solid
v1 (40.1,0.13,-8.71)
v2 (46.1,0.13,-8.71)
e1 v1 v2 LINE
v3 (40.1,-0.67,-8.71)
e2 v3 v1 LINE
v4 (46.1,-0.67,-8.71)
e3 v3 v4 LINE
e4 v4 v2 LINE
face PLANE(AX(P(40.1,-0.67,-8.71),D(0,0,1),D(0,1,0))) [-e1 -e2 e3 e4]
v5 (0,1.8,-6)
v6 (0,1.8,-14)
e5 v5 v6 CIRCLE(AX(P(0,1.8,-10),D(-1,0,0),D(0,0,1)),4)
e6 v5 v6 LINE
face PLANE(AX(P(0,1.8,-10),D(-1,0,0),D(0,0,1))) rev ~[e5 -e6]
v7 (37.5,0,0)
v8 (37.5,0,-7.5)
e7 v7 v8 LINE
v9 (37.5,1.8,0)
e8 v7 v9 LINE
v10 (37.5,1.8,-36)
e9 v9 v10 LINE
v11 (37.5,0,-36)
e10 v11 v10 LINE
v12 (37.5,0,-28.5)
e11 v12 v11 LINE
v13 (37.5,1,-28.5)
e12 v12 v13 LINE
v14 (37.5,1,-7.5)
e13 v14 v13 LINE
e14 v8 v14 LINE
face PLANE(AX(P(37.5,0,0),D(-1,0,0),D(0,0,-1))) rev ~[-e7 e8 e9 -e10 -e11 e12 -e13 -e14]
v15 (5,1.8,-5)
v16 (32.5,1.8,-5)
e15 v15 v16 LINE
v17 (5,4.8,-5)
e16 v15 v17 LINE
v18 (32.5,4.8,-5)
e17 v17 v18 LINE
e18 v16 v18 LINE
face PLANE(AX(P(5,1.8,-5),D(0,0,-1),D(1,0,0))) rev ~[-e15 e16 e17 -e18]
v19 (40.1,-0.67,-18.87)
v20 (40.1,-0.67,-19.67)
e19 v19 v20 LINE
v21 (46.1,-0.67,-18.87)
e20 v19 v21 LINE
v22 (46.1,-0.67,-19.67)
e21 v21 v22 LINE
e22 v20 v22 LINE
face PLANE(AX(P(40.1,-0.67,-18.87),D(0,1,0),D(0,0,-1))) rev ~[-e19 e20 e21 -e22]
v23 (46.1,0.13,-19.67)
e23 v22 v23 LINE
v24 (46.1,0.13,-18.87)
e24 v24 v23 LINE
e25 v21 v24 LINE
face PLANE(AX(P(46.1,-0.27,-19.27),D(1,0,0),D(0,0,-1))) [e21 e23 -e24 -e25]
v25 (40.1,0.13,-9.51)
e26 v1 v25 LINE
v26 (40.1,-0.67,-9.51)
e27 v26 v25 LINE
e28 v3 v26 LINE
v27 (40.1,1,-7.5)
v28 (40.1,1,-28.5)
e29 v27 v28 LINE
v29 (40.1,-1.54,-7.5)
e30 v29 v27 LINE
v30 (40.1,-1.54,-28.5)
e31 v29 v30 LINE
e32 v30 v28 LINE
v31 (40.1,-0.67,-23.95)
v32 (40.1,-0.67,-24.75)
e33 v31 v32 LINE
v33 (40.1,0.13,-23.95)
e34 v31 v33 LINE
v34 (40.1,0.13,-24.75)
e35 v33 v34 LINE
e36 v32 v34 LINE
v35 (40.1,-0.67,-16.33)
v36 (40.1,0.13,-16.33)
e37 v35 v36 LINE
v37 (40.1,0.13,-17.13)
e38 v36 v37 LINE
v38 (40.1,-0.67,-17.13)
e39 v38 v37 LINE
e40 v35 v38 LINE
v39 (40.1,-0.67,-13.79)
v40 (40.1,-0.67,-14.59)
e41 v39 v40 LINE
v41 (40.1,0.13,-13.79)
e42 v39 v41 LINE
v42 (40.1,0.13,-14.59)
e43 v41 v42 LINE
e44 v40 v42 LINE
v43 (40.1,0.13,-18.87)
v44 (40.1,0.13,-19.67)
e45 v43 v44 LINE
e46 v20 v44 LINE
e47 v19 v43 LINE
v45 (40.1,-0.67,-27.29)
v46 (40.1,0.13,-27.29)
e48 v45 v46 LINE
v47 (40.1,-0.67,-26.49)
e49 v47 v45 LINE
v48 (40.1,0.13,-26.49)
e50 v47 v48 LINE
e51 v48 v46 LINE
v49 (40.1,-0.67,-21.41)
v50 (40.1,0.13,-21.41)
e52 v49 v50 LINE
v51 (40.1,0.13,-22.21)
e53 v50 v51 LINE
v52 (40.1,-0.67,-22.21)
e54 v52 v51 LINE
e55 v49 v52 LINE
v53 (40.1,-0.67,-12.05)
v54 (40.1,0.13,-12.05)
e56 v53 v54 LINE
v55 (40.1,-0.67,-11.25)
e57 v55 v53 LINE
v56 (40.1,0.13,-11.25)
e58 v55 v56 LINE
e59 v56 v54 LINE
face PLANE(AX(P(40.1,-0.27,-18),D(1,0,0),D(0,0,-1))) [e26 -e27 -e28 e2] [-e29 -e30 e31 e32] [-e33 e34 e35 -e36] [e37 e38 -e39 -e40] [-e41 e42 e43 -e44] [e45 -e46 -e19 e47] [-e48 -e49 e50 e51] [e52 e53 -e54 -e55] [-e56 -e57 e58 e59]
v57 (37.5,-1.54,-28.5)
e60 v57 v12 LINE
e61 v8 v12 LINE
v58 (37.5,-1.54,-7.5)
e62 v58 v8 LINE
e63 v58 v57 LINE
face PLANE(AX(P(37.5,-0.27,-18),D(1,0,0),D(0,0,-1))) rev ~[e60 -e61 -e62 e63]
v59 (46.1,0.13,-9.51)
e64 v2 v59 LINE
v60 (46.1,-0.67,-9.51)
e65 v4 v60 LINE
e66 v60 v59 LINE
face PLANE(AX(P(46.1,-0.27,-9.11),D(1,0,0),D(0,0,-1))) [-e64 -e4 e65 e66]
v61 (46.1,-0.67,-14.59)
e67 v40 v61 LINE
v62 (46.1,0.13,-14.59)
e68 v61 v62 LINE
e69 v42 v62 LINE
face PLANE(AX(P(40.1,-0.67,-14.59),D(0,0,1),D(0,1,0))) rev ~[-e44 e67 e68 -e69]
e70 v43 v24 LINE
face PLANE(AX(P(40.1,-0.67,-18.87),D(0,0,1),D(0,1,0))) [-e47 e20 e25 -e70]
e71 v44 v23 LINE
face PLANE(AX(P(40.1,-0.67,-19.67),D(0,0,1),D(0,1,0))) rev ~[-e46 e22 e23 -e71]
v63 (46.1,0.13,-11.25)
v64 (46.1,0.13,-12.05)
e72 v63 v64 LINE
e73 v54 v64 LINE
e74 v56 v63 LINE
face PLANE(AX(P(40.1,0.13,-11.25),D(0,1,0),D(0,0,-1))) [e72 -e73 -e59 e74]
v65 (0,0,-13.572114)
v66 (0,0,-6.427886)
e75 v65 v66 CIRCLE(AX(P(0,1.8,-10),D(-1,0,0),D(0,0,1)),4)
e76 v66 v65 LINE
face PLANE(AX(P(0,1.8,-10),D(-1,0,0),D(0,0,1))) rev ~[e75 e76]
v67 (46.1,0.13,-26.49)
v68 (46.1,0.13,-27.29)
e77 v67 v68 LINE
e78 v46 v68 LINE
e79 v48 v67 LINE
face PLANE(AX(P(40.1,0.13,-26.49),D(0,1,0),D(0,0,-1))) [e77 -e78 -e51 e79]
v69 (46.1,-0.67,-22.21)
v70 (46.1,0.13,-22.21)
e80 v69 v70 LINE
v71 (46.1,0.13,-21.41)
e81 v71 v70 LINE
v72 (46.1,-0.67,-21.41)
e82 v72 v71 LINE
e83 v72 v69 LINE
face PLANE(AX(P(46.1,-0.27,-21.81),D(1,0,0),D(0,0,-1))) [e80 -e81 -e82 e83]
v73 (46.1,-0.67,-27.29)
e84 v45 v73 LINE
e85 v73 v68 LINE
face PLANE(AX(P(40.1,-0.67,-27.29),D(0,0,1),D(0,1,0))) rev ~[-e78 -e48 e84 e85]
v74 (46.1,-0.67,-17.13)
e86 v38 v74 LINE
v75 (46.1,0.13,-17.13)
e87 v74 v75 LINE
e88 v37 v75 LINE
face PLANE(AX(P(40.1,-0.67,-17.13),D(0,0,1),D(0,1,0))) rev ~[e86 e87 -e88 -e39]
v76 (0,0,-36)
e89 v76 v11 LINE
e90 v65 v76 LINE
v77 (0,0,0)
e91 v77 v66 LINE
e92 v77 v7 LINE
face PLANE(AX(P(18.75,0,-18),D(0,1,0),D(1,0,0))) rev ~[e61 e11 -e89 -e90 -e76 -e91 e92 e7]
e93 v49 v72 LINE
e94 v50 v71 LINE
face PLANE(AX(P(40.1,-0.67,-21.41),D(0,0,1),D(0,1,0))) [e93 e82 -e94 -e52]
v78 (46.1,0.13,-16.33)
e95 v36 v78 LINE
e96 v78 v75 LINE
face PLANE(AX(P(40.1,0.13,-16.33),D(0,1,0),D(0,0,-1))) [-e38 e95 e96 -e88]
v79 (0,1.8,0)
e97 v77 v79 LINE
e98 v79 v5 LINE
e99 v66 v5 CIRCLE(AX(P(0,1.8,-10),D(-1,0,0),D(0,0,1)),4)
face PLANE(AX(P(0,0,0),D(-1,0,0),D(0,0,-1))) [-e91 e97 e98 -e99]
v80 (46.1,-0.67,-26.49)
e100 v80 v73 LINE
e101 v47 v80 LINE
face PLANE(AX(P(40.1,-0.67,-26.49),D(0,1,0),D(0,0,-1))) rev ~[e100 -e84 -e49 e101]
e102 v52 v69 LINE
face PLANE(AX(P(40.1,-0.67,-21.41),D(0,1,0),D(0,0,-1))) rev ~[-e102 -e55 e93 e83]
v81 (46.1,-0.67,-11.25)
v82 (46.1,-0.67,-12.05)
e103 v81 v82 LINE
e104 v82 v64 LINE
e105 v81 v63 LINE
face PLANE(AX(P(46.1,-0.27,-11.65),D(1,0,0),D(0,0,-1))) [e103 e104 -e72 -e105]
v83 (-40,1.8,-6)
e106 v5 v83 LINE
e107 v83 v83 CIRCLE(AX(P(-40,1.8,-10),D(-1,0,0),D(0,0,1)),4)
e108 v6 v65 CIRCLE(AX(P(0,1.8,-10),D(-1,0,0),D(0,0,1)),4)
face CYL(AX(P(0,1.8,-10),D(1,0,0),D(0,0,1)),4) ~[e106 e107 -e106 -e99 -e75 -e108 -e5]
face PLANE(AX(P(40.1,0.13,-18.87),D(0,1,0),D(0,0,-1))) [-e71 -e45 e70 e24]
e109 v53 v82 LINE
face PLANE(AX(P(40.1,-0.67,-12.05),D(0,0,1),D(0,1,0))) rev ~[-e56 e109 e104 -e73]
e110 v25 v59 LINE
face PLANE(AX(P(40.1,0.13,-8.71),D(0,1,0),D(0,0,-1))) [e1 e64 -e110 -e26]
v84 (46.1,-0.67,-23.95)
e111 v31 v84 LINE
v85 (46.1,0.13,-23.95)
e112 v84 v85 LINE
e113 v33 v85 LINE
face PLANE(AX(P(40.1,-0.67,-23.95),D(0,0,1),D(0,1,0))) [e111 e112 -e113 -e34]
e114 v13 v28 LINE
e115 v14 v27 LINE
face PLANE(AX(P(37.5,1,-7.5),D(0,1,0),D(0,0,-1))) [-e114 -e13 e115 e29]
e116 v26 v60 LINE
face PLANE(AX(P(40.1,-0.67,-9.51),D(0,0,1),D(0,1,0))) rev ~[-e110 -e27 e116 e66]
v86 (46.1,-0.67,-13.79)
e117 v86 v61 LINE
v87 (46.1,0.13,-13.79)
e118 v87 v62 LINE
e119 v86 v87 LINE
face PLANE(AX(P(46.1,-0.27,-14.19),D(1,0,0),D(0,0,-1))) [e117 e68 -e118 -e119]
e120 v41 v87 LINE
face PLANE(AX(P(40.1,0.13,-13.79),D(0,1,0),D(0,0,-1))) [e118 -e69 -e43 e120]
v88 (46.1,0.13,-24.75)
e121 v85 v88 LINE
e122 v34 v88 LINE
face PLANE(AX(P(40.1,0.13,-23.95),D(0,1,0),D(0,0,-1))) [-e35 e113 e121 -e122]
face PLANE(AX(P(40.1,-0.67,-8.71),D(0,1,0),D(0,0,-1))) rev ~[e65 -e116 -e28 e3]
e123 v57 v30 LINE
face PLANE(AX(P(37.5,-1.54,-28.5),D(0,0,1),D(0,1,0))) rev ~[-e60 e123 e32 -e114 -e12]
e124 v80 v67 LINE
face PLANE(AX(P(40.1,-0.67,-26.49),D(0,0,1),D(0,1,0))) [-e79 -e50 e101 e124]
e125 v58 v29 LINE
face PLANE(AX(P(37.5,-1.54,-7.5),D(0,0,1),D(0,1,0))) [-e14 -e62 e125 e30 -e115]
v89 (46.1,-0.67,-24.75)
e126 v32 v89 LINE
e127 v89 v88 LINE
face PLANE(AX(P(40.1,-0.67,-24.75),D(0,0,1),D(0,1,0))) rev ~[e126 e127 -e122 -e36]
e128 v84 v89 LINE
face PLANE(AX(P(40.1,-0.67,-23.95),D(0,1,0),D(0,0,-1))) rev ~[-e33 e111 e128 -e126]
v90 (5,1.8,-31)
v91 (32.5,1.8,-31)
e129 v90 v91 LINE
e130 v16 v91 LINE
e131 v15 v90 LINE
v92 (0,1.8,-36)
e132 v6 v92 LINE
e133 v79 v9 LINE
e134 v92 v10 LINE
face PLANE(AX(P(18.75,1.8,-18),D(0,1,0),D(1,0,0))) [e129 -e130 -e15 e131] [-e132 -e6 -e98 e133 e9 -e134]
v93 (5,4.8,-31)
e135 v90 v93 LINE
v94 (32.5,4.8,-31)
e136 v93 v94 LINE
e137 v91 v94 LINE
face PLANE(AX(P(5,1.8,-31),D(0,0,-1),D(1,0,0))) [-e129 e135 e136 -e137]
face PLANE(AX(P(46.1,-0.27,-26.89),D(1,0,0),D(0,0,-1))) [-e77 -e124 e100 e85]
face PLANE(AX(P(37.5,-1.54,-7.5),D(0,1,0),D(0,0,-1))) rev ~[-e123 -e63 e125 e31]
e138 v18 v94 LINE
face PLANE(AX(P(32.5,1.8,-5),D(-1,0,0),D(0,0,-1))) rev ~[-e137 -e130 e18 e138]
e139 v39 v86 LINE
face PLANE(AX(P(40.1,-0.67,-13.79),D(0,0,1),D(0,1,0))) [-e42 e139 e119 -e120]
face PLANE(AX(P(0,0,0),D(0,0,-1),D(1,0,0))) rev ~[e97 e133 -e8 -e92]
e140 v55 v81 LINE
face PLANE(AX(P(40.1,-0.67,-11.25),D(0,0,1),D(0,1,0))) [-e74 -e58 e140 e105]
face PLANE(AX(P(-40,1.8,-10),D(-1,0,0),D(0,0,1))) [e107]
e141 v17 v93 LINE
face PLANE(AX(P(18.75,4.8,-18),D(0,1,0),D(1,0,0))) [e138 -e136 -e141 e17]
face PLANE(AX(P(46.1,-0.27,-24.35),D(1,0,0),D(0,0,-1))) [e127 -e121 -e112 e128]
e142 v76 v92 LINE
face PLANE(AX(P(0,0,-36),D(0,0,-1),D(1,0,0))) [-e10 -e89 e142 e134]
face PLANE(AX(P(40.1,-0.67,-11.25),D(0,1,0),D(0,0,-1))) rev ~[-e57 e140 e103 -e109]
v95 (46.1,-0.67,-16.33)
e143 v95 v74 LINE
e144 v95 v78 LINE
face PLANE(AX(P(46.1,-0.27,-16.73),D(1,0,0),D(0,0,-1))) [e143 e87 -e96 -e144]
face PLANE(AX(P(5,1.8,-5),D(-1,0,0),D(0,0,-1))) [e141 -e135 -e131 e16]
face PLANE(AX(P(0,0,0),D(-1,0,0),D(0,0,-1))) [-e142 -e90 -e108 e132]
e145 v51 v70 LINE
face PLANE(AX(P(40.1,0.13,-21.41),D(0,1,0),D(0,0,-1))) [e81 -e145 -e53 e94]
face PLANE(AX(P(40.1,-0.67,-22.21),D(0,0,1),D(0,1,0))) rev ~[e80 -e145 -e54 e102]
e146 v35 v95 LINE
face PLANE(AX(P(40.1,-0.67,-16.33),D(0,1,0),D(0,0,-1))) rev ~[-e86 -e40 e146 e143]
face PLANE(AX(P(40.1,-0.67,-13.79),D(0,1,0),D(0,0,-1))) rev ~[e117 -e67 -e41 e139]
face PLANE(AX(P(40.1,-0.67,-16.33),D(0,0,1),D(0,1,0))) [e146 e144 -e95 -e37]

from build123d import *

# Parameters (mm, degrees)
CROQUIS1_W              = 37.5
CROQUIS1_H              = 36
SALIENTE_EXTRUIR1_DEPTH = 1.8
CROQUIS2_W              = 27.5
CROQUIS2_H              = 26
SALIENTE_EXTRUIR2_DEPTH = 3
CROQUIS3_W              = 21
CROQUIS3_H              = 2.54
SALIENTE_EXTRUIR3_DEPTH = 2.6
CROQUIS4_W              = 0.8
CROQUIS4_H              = 0.8
SALIENTE_EXTRUIR4_DEPTH = 6
CROQUIS5_R              = 4
SALIENTE_EXTRUIR5_DEPTH = 40


with BuildPart() as part:
    # Croquis1 → Saliente-Extruir1 (new body)
    with BuildSketch(Plane(origin=(0, 0, 0), x_dir=(1, 0, 0), z_dir=(0, 1, 0))):
        with Locations((18.75, 18)):
            Rectangle(CROQUIS1_W, CROQUIS1_H)
    extrude(amount=SALIENTE_EXTRUIR1_DEPTH)

    # Croquis2 → Saliente-Extruir2 (add)
    with BuildSketch(Plane(origin=(0, 1.8, 0), x_dir=(1, 0, 0), z_dir=(0, 1, 0))):
        with Locations((18.75, 18)):
            Rectangle(CROQUIS2_W, CROQUIS2_H)
    extrude(amount=SALIENTE_EXTRUIR2_DEPTH)

    # Croquis3 → Saliente-Extruir3 (add)
    with BuildSketch(Plane(origin=(37.5, 0, 0), x_dir=(0, 0, -1), z_dir=(1, 0, 0))):
        with Locations((18, -0.27)):
            Rectangle(CROQUIS3_W, CROQUIS3_H)
    extrude(amount=SALIENTE_EXTRUIR3_DEPTH)

    # Croquis4 → Saliente-Extruir4 (add)
    with BuildSketch(Plane(origin=(40.1, 0, 0), x_dir=(0, 0, -1), z_dir=(1, 0, 0))):
        with Locations((21.81, -0.27)):
            Rectangle(CROQUIS4_W, CROQUIS4_H)
        with Locations((19.27, -0.27)):
            Rectangle(CROQUIS4_W, CROQUIS4_H)
        with Locations((16.73, -0.27)):
            Rectangle(CROQUIS4_W, CROQUIS4_H)
        with Locations((24.35, -0.27)):
            Rectangle(CROQUIS4_W, CROQUIS4_H)
        with Locations((26.89, -0.27)):
            Rectangle(CROQUIS4_W, CROQUIS4_H)
        with Locations((14.19, -0.27)):
            Rectangle(CROQUIS4_W, CROQUIS4_H)
        with Locations((11.65, -0.27)):
            Rectangle(CROQUIS4_W, CROQUIS4_H)
        with Locations((9.11, -0.27)):
            Rectangle(CROQUIS4_W, CROQUIS4_H)
    extrude(amount=SALIENTE_EXTRUIR4_DEPTH)

    # Croquis5 → Saliente-Extruir5 (add)
    with BuildSketch(Plane.ZY):
        with Locations((-10, 1.8)):
            Circle(CROQUIS5_R)
    extrude(amount=SALIENTE_EXTRUIR5_DEPTH)


solid = part.part
